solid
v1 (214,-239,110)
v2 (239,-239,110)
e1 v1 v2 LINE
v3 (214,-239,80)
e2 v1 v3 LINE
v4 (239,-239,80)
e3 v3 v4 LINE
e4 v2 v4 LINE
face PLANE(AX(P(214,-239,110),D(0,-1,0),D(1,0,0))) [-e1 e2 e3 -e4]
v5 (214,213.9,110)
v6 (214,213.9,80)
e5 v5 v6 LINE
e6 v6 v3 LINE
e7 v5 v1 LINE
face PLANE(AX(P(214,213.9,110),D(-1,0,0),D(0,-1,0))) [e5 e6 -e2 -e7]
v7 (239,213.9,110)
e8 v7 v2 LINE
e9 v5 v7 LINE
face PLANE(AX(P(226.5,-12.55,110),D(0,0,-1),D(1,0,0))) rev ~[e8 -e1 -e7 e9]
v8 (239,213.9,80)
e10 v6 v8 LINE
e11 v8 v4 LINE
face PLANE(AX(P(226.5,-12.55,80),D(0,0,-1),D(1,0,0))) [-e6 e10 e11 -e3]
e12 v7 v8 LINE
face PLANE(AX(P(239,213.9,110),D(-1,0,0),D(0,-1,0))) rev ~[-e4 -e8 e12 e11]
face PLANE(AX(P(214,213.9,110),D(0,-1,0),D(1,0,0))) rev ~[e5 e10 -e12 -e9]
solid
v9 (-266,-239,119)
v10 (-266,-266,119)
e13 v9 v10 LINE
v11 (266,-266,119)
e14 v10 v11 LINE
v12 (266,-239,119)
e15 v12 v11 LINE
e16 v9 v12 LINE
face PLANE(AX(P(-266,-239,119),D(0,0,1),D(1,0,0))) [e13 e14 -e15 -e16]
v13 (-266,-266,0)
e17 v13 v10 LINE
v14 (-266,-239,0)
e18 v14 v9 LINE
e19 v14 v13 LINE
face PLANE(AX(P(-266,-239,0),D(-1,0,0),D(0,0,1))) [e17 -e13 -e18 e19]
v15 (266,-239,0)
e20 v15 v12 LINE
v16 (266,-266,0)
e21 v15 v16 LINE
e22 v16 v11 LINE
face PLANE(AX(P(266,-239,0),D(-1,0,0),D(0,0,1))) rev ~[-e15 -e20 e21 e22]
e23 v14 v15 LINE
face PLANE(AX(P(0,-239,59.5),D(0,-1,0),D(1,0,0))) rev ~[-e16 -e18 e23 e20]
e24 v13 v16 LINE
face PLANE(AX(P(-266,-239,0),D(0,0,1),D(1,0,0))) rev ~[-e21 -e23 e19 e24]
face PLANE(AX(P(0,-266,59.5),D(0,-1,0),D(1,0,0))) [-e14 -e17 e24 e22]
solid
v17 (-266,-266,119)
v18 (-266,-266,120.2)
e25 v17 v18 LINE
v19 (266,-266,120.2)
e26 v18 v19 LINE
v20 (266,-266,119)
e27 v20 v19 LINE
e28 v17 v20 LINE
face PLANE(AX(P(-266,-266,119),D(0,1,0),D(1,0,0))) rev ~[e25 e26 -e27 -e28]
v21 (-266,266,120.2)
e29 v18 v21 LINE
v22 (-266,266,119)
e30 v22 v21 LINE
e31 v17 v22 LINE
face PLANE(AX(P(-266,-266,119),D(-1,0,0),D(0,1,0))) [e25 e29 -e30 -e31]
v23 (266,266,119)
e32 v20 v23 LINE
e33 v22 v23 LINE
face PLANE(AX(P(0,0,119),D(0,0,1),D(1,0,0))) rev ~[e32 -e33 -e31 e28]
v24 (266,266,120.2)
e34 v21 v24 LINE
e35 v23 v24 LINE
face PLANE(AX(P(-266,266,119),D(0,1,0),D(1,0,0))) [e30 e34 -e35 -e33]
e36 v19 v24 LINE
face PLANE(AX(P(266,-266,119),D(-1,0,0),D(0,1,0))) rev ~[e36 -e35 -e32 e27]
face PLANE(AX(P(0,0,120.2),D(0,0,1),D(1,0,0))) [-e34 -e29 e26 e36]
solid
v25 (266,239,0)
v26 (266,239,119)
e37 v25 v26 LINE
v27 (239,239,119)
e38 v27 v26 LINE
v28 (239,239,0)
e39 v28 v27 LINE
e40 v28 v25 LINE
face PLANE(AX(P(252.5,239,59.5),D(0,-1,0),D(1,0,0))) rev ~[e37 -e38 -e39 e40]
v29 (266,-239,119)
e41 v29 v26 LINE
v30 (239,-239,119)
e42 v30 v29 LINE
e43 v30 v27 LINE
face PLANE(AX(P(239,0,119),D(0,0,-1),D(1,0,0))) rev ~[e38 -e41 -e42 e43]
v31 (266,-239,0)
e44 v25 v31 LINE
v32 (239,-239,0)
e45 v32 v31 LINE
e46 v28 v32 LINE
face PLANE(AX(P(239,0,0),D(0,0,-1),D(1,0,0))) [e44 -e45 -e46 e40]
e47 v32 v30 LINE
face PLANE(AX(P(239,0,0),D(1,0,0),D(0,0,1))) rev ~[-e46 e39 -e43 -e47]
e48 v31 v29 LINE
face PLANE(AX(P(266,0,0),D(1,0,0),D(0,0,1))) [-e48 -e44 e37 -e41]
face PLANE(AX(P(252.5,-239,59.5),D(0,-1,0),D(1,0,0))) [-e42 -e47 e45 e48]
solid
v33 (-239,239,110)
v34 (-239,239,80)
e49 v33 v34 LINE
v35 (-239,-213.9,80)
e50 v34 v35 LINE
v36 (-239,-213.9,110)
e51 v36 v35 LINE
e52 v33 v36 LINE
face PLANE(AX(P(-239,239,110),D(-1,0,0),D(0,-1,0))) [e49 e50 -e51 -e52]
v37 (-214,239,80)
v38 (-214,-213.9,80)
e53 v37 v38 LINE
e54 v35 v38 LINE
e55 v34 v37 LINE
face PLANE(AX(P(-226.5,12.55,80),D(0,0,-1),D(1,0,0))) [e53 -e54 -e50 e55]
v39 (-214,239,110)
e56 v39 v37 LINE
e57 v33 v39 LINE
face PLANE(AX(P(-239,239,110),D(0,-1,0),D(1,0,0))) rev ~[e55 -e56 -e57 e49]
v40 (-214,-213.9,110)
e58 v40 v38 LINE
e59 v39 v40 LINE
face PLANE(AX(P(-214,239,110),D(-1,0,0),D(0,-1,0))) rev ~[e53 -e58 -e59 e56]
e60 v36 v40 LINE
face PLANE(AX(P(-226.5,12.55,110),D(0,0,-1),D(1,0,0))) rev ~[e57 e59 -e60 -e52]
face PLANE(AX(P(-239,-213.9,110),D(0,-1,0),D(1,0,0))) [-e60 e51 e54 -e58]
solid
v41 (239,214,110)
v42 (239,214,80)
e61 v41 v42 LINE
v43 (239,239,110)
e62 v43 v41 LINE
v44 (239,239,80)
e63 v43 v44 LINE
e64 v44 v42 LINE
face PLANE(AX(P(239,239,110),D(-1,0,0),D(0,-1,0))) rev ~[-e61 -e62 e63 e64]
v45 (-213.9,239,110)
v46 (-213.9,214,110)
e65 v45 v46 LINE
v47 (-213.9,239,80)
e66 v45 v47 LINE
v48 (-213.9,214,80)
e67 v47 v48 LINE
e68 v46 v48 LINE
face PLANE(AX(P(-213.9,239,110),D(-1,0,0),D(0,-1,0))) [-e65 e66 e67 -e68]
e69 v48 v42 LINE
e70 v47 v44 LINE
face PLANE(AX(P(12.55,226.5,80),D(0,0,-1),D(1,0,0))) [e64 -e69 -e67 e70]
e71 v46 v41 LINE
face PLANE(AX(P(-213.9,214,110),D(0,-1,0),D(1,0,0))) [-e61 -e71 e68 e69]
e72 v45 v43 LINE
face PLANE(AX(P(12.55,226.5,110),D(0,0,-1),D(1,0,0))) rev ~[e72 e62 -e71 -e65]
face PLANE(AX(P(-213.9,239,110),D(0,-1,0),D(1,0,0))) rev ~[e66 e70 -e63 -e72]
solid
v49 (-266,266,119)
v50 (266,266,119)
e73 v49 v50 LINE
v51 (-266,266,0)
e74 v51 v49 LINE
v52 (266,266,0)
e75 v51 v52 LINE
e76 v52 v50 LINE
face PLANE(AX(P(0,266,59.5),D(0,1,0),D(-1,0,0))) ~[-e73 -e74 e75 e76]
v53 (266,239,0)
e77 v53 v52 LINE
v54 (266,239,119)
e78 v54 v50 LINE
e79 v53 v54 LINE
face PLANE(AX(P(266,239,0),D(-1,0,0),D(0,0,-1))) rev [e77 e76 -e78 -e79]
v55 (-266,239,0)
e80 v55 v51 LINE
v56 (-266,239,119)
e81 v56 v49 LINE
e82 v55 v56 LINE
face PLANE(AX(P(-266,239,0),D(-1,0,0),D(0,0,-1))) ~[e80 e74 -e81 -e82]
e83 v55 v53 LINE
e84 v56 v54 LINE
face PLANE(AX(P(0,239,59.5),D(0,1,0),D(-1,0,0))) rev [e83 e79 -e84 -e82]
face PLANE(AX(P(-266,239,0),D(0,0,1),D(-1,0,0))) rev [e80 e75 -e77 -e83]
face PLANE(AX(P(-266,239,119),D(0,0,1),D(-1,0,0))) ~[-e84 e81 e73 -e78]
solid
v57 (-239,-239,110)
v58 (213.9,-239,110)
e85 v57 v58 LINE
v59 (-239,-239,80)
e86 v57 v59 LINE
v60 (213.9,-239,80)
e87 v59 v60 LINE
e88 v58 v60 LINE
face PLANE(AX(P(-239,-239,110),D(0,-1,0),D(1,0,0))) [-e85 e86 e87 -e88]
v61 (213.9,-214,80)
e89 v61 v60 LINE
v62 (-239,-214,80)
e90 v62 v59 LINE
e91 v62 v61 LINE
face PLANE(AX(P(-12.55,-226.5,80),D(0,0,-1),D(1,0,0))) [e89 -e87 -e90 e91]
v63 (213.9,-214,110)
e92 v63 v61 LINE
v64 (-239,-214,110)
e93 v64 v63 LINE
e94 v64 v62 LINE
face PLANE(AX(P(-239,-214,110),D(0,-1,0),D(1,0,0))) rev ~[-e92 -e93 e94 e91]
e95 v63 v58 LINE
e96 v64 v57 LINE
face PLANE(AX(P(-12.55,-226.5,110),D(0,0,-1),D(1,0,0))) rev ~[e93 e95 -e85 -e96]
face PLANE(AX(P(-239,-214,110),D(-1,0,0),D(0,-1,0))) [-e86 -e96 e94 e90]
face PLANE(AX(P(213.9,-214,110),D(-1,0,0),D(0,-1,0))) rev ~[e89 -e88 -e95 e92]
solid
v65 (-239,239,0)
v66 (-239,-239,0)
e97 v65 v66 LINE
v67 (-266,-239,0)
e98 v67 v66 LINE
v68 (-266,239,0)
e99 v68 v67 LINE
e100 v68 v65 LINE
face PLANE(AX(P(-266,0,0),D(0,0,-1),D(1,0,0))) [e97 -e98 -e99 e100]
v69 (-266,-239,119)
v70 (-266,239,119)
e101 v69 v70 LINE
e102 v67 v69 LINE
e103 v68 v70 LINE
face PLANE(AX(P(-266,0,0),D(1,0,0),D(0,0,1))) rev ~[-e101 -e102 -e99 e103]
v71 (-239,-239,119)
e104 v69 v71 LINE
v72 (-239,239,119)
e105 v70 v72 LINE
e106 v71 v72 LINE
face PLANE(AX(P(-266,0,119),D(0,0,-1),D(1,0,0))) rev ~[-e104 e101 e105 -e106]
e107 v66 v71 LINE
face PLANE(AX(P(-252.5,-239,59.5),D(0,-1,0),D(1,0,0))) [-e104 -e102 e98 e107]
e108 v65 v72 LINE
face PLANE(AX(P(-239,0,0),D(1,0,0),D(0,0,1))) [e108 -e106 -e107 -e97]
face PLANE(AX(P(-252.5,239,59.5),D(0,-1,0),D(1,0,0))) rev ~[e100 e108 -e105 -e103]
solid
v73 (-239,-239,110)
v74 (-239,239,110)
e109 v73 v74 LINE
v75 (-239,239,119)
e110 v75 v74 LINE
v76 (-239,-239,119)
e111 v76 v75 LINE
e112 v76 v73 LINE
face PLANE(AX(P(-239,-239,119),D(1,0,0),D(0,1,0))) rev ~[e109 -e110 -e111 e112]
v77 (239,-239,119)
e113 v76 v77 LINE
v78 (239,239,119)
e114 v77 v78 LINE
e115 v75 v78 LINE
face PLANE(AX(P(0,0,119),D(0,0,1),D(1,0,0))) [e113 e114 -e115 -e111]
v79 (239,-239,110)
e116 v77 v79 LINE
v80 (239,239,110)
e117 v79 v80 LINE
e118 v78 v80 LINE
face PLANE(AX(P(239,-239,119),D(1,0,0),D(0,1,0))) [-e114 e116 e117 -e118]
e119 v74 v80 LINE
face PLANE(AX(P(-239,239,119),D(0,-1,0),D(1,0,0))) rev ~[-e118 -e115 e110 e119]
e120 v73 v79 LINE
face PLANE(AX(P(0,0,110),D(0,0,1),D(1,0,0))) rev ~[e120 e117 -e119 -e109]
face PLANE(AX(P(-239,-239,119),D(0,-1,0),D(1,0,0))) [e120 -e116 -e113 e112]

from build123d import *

# Parameters (mm, degrees)
F0_W      = 27
F0_H      = 119
F1_DEPTH  = 239
F2_W      = 532
F2_H      = 119
F3_DEPTH  = 27
F5_W      = 478
F5_H      = 478
F6_DEPTH  = 9
F7_W      = 25
F7_H      = 452.9
F8_DEPTH  = 30
F7_W_2    = 452.9
F7_H_2    = 25
F9_W      = 532
F9_H      = 532
F10_DEPTH = 1.2


with BuildPart() as f1:
    # F0 (on Front) → F1 (new body, symmetric)
    with BuildSketch(Plane.XZ):
        with Locations((-252.5, 59.5)):
            Rectangle(F0_W, F0_H)
    extrude(amount=F1_DEPTH, both=True)


with BuildPart() as f1b:
    # F0 (on Front) → F1, piece 2 (new body, symmetric)
    with BuildSketch(Plane.XZ):
        with Locations((252.5, 59.5)):
            Rectangle(F0_W, F0_H)
    extrude(amount=F1_DEPTH, both=True)


with BuildPart() as f3:
    # F2 (on face) → F3 (new body)
    with BuildSketch(Plane.XZ.offset(239)):
        with Locations((0, 59.5)):
            Rectangle(F2_W, F2_H)
    extrude(amount=F3_DEPTH)


with BuildPart() as f4_1:
    # F4: instance of F3
    add(f3.part.mirror(Plane.XZ))


with BuildPart() as f6:
    # F5 (on face) → F6 (new body)
    with BuildSketch(Plane.XY.offset(119)):
        Rectangle(F5_W, F5_H)
    extrude(amount=-F6_DEPTH)


with BuildPart() as f8:
    # F7 (on face) → F8 (new body)
    with BuildSketch(Plane(origin=(0, 0, 110), x_dir=(1, 0, 0), z_dir=(0, 0, -1))):
        with Locations((-226.5, -12.55)):
            Rectangle(F7_W, F7_H)
    extrude(amount=F8_DEPTH)


with BuildPart() as f8b:
    # F7 (on face) → F8, piece 2 (new body)
    with BuildSketch(Plane(origin=(0, 0, 110), x_dir=(1, 0, 0), z_dir=(0, 0, -1))):
        with Locations((12.55, -226.5)):
            Rectangle(F7_W_2, F7_H_2)
    extrude(amount=F8_DEPTH)


with BuildPart() as f8c:
    # F7 (on face) → F8, piece 3 (new body)
    with BuildSketch(Plane(origin=(0, 0, 110), x_dir=(1, 0, 0), z_dir=(0, 0, -1))):
        with Locations((226.5, 12.55)):
            Rectangle(F7_W, F7_H)
    extrude(amount=F8_DEPTH)


with BuildPart() as f8d:
    # F7 (on face) → F8, piece 4 (new body)
    with BuildSketch(Plane(origin=(0, 0, 110), x_dir=(1, 0, 0), z_dir=(0, 0, -1))):
        with Locations((-12.55, 226.5)):
            Rectangle(F7_W_2, F7_H_2)
    extrude(amount=F8_DEPTH)


with BuildPart() as f10:
    # F9 (on face) → F10 (new body)
    with BuildSketch(Plane.XY.offset(119)):
        Rectangle(F9_W, F9_H)
    extrude(amount=F10_DEPTH)


solid = Compound([f1.part, f1b.part, f3.part, f4_1.part, f6.part, f8.part, f8b.part, f8c.part, f8d.part, f10.part])
